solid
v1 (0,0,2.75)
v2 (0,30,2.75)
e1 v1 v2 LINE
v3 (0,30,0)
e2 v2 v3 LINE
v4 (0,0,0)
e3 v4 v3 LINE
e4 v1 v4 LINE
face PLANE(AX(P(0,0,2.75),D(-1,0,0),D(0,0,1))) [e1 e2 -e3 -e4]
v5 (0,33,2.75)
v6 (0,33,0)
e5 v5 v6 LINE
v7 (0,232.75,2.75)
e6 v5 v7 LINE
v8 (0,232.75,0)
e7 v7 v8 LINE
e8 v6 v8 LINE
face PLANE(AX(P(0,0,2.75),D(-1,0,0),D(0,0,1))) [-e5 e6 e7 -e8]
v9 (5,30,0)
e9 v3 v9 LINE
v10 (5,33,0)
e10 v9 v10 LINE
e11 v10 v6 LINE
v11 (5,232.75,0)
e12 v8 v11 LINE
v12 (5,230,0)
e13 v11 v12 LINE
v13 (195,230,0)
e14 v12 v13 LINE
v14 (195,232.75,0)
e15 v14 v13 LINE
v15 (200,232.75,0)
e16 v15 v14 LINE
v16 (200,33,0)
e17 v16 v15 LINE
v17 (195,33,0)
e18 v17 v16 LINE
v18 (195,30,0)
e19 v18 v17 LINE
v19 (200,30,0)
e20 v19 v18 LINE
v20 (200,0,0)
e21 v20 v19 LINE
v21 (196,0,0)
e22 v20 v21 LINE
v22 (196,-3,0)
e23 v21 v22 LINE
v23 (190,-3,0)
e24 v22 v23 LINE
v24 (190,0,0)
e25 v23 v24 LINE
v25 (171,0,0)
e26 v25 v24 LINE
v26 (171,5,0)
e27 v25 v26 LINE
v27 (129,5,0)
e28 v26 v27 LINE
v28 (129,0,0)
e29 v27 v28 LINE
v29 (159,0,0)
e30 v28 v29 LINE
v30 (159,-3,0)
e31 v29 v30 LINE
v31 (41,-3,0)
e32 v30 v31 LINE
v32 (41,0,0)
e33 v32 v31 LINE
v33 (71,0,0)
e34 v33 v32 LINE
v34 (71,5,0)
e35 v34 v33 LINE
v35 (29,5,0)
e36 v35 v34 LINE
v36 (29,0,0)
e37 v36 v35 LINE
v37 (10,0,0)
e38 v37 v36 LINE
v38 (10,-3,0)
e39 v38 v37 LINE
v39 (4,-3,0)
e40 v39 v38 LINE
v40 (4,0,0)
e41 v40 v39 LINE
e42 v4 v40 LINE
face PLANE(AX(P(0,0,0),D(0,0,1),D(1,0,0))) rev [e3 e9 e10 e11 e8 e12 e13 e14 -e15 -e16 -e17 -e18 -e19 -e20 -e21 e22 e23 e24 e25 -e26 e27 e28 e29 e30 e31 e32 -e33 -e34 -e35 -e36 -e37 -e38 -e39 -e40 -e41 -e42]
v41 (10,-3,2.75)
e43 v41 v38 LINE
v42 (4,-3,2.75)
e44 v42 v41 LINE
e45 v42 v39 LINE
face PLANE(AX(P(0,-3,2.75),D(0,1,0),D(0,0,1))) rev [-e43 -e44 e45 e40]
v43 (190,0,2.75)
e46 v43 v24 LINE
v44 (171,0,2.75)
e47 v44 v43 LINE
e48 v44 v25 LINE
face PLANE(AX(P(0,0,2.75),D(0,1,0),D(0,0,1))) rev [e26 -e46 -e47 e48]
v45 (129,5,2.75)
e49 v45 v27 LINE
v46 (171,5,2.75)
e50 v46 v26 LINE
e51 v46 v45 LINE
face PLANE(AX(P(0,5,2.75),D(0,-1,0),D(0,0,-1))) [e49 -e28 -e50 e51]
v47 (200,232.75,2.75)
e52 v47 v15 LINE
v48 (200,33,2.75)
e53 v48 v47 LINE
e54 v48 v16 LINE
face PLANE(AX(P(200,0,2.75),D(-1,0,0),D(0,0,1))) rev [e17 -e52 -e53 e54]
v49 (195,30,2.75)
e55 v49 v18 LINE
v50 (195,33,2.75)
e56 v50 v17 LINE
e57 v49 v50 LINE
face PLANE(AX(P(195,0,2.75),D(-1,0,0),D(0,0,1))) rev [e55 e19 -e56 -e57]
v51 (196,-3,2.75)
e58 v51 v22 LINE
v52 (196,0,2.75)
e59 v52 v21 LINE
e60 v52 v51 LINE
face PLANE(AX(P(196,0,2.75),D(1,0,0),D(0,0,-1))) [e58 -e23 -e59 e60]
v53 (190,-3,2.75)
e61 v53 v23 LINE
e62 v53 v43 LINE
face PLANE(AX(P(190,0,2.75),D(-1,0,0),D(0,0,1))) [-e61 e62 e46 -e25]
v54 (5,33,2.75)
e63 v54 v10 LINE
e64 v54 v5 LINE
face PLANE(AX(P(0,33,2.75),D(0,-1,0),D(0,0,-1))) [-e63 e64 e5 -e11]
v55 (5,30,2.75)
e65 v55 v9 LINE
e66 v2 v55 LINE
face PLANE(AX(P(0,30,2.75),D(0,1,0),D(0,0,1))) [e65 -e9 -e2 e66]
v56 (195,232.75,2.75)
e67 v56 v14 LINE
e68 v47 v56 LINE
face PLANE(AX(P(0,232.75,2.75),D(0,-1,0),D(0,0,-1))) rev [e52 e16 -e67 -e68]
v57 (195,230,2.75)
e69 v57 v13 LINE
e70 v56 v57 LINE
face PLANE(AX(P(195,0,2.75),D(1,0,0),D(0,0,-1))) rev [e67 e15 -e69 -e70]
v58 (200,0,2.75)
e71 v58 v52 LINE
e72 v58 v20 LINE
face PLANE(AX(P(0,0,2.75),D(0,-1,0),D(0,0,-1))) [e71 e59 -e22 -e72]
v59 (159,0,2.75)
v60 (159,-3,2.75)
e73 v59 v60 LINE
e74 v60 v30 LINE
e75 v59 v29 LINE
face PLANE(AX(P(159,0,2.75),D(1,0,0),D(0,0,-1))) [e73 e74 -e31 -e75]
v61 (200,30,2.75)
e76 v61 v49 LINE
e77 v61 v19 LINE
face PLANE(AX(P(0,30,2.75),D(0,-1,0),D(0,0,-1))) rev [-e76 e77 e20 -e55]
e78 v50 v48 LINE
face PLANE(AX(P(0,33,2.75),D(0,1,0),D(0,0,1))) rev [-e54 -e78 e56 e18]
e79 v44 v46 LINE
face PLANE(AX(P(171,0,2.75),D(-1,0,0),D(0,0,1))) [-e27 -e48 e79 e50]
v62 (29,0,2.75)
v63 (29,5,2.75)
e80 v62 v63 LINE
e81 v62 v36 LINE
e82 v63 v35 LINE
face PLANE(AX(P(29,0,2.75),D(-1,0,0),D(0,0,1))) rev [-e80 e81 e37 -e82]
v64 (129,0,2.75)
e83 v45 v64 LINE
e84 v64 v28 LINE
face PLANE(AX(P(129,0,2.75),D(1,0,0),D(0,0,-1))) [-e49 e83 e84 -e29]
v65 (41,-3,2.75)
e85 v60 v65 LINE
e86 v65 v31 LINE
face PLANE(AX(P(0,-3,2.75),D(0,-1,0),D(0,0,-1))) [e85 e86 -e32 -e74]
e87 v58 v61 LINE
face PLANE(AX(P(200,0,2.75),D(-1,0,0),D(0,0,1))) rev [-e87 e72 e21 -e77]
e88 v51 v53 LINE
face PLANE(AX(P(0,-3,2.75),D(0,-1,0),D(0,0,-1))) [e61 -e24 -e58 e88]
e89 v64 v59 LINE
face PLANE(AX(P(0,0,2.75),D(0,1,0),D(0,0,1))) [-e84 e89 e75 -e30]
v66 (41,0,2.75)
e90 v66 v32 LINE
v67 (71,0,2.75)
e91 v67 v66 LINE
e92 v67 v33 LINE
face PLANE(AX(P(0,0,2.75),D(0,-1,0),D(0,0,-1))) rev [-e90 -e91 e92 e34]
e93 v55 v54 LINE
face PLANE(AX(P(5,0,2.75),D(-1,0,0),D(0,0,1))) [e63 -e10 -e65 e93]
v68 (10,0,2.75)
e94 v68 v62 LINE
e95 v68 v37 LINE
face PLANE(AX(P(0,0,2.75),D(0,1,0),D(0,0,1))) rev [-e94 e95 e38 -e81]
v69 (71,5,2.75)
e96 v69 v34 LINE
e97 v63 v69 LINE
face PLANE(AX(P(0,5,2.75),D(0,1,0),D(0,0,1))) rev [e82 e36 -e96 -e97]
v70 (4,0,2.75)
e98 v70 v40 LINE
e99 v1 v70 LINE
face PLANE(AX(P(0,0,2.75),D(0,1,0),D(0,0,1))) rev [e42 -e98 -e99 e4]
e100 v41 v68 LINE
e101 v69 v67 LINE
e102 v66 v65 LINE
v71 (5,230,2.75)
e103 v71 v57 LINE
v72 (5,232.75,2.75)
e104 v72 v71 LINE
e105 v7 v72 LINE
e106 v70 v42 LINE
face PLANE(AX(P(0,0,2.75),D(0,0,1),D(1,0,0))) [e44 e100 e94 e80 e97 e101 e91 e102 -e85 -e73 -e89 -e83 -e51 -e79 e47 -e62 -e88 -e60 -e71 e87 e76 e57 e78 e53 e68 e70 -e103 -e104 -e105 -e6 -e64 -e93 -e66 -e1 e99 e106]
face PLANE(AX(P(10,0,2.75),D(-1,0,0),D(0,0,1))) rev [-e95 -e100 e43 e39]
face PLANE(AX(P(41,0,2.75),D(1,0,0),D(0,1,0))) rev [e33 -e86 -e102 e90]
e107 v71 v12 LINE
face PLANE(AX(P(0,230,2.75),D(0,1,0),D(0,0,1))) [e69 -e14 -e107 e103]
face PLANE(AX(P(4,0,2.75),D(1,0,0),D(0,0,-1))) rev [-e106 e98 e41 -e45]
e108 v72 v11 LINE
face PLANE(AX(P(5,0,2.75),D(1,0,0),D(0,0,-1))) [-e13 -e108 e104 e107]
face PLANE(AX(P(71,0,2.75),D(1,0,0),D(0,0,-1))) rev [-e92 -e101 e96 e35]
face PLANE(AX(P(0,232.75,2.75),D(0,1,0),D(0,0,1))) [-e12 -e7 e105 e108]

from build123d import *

# Parameters (mm, degrees)
EXTRUDE_2_DEPTH = 2.75


with BuildPart() as part:
    # 草图1 → 凸台-拉伸2 (new body)
    with BuildSketch(Plane.XY):
        Polygon((200, 0), (200, 27), (200, 30), (195, 30), (195, 33), (200, 33), (200, 230), (200, 232.75), (195, 232.75), (195, 230), (5, 230), (5, 232.75), (0, 232.75), (0, 230), (0, 33), (5, 33), (5, 30), (0, 30), (0, 27), (0, 0), (4, 0), (4, -3), (10, -3), (10, 0), (29, 0), (29, 5), (71, 5), (71, 0), (41, 0), (41, -3), (159, -3), (159, 0), (129, 0), (129, 5), (171, 5), (171, 0), (190, 0), (190, -3), (196, -3), (196, 0), align=None)
    extrude(amount=EXTRUDE_2_DEPTH)


solid = part.part
